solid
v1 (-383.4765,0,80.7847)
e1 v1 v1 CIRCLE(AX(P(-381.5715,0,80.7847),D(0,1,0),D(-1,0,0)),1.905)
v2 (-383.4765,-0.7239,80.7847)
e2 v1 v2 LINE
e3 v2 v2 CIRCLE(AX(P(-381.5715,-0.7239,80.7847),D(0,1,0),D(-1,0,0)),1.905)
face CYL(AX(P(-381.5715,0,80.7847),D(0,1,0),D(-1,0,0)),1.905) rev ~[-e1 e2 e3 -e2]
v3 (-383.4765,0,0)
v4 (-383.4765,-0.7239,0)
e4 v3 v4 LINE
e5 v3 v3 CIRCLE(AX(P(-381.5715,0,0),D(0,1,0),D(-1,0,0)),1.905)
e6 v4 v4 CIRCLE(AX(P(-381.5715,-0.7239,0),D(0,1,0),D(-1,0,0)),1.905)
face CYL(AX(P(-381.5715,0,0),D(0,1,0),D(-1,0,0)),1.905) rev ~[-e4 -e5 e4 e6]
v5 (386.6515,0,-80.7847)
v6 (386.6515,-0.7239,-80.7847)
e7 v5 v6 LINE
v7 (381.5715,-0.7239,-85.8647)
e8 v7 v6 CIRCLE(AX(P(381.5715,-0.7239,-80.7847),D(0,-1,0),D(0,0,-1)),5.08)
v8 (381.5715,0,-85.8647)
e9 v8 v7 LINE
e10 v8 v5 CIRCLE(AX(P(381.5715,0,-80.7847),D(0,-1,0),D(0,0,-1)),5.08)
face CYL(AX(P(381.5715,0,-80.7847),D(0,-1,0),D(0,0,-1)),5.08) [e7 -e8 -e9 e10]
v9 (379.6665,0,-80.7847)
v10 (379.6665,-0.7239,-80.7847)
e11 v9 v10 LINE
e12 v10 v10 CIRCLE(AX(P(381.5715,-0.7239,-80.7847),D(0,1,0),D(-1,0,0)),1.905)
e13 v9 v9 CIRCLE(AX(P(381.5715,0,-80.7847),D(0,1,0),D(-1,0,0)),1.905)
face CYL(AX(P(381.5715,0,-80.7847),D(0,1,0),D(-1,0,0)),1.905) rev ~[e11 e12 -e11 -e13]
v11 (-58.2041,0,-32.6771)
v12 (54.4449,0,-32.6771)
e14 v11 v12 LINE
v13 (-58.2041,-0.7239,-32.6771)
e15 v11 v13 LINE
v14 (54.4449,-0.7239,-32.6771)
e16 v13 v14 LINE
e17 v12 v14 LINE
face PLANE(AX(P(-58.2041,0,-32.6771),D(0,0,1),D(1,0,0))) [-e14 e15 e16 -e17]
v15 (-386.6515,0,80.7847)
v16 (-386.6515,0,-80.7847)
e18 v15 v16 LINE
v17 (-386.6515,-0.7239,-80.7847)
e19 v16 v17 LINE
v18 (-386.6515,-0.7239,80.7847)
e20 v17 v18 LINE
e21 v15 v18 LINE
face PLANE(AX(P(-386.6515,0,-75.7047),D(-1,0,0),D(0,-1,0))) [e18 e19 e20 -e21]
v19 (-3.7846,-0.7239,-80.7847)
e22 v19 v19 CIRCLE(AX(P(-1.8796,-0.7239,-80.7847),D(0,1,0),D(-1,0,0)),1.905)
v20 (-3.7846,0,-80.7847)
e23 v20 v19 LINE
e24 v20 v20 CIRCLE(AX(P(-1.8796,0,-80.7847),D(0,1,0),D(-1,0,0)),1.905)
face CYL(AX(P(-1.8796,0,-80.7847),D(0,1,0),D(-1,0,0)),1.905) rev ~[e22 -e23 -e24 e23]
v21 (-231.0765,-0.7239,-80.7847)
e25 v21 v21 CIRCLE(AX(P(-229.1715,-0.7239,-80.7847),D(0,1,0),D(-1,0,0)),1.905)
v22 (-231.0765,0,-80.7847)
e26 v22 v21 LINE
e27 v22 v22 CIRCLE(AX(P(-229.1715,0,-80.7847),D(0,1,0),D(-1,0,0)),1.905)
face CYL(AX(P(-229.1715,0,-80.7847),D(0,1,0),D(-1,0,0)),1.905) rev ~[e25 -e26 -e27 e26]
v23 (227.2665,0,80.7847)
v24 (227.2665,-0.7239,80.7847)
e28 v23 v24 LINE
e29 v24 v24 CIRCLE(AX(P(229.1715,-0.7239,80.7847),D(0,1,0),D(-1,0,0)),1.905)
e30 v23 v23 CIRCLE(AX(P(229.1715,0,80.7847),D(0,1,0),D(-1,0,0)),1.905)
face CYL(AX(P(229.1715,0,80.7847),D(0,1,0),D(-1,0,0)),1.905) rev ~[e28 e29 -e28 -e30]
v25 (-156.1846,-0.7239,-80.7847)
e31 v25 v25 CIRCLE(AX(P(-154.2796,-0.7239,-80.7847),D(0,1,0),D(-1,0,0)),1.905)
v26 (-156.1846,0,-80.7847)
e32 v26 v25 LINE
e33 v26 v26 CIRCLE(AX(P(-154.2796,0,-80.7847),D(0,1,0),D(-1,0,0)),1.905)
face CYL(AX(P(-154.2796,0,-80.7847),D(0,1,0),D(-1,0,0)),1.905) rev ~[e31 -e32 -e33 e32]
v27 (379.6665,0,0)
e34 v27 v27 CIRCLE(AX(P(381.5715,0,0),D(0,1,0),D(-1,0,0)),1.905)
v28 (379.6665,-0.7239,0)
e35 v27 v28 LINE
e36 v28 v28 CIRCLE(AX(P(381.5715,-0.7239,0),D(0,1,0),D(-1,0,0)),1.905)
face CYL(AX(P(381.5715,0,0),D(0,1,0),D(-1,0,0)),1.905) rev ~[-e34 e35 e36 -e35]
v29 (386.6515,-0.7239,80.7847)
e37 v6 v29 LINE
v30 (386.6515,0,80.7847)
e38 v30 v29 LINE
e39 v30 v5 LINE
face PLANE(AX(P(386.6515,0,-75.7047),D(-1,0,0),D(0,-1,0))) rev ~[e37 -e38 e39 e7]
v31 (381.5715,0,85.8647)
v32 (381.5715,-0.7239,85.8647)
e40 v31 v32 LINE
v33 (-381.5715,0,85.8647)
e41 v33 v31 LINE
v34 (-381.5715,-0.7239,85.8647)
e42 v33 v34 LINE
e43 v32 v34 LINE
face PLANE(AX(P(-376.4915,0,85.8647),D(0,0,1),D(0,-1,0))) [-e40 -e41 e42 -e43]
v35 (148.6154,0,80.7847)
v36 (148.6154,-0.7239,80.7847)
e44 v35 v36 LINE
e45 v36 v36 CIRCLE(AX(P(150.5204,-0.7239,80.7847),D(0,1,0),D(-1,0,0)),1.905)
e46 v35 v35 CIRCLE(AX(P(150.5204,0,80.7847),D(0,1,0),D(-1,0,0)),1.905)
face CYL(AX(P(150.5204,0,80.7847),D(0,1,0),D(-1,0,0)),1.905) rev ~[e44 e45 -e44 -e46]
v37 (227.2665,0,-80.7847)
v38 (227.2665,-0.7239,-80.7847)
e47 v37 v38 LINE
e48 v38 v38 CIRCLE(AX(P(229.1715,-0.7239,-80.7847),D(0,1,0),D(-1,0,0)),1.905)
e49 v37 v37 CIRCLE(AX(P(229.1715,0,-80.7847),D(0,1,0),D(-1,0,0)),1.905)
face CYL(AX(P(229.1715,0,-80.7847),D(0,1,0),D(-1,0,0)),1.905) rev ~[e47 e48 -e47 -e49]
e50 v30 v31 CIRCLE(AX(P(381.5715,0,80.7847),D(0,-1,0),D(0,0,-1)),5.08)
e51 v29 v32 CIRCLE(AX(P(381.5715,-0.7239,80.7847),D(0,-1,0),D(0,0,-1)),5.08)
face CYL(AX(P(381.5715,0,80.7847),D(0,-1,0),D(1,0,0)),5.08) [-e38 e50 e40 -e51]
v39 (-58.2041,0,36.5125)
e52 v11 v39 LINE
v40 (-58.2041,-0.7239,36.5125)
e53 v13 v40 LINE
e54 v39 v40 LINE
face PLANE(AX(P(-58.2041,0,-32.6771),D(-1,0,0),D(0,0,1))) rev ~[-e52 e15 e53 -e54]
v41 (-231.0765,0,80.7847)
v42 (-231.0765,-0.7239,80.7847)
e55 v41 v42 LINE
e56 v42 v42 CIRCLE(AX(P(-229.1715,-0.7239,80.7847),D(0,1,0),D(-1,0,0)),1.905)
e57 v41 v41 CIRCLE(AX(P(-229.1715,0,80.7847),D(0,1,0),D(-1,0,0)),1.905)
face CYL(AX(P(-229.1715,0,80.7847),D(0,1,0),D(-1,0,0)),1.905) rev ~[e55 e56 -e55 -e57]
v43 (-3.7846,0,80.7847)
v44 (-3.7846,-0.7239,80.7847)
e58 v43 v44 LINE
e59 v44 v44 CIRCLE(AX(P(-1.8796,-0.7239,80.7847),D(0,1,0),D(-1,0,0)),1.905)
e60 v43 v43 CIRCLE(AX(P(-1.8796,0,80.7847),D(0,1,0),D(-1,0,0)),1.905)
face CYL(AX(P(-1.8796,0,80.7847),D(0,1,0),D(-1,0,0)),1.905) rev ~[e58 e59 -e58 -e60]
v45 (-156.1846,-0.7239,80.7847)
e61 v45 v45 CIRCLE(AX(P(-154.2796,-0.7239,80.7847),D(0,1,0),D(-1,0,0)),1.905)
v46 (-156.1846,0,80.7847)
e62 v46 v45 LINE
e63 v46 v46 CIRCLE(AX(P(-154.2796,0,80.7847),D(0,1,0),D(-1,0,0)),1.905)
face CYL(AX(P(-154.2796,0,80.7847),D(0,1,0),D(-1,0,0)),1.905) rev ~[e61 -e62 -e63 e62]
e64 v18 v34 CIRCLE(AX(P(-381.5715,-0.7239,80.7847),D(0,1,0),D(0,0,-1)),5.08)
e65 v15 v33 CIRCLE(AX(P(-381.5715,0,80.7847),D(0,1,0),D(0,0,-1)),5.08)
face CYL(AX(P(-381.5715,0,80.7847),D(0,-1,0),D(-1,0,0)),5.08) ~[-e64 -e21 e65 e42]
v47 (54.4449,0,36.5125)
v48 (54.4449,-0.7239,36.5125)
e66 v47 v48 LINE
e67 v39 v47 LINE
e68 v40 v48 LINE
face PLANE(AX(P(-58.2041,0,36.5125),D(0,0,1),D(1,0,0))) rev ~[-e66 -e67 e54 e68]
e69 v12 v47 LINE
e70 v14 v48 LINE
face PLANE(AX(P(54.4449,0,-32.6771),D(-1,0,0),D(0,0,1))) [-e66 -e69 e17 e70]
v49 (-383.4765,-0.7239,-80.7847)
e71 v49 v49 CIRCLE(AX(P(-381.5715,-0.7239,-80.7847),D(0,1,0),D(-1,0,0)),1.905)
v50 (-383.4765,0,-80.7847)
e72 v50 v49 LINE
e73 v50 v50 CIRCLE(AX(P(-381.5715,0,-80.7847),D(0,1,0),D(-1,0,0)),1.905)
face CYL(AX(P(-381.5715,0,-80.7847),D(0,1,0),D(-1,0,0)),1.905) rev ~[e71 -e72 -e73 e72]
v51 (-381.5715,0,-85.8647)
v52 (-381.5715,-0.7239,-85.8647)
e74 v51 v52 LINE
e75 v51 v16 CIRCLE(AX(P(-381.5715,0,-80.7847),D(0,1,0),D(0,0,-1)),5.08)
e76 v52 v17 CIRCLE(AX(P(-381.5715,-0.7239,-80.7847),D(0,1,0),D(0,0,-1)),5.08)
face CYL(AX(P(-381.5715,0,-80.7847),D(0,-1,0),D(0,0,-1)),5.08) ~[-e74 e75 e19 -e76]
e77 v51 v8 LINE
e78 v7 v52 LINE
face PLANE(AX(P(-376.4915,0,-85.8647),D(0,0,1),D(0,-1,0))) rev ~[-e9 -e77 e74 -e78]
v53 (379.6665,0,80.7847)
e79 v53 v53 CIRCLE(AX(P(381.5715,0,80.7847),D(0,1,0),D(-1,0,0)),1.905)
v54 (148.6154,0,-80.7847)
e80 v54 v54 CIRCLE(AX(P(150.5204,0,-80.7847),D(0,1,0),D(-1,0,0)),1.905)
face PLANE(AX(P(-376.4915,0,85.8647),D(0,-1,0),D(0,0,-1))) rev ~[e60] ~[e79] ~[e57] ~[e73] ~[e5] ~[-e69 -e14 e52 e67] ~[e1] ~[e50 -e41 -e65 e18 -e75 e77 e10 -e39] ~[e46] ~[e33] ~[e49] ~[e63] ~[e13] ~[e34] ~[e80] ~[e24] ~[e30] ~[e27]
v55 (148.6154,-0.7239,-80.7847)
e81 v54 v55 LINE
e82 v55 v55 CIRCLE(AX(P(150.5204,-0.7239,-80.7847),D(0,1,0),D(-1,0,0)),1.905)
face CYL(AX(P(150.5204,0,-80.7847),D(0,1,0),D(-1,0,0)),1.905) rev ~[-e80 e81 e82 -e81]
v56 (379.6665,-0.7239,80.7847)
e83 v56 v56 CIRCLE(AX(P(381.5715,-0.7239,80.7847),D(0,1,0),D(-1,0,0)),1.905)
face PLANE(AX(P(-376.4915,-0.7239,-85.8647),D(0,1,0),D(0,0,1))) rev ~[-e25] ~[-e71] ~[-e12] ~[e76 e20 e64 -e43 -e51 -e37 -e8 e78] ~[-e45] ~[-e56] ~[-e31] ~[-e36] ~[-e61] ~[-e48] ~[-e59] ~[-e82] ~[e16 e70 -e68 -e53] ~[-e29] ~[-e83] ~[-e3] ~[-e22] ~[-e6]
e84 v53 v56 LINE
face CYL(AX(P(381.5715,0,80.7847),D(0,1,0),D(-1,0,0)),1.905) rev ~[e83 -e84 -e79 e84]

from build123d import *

# Parameters (mm, degrees)
F0_W     = 752.983
F0_H     = 151.4094
F0_W_2   = 112.649
F0_H_2   = 69.1896
F1_DEPTH = 0.7239
F2_DEPTH = 10.16
F3_DEPTH = 10.16
F4_DEPTH = 10.16
F5_DEPTH = 10.16
F6_R     = 1.905
F7_DEPTH = 0.7249
F8_R     = 5.08


with BuildPart() as f1:
    # F0 (on Front) → F1 (new body)
    with BuildSketch(Plane.XZ):
        Rectangle(F0_W, F0_H)
        with Locations((-1.8796, 1.9177)):
            Rectangle(F0_W_2, F0_H_2, mode=Mode.SUBTRACT)
    extrude(amount=F1_DEPTH)

    # F2 (add): a face of the model
    f2_faces = [f1.faces().sort_by_distance(p)[0] for p in [
        (0, -0.36195, 75.7047),
    ]]
    extrude(f2_faces, amount=F2_DEPTH)

    # F3 (add): a face of the model
    f3_faces = [f1.faces().sort_by_distance(p)[0] for p in [
        (0, -0.36195, -75.7047),
    ]]
    extrude(f3_faces, amount=F3_DEPTH)

    # F4 (add): a face of the model
    f4_faces = [f1.faces().sort_by_distance(p)[0] for p in [
        (376.4915, -0.36195, 0),
    ]]
    extrude(f4_faces, amount=F4_DEPTH)

    # F5 (add): a face of the model
    f5_faces = [f1.faces().sort_by_distance(p)[0] for p in [
        (-376.4915, -0.36195, 0),
    ]]
    extrude(f5_faces, amount=F5_DEPTH)

    # F6 (on face) → F7 (cut, through all)
    with BuildSketch(Plane(origin=(0, 0, 0), x_dir=(-1, 0, 0), z_dir=(0, 1, 0))):
        with Locations((-381.5715, 80.7847)):
            Circle(F6_R)
        with Locations((1.8796, 80.7847)):
            Circle(F6_R)
        with Locations((381.5715, 80.7847)):
            Circle(F6_R)
        with Locations((-381.5715, -80.7847)):
            Circle(F6_R)
        with Locations((1.8796, -80.7847)):
            Circle(F6_R)
        with Locations((381.5715, -80.7847)):
            Circle(F6_R)
        with Locations((154.2796, 80.7847)):
            Circle(F6_R)
        with Locations((229.1715, 80.7847)):
            Circle(F6_R)
        with Locations((-150.5204, 80.7847)):
            Circle(F6_R)
        with Locations((-229.1715, 80.7847)):
            Circle(F6_R)
        with Locations((-381.5715, 0)):
            Circle(F6_R)
        with Locations((381.5715, 0)):
            Circle(F6_R)
        with Locations((-229.1715, -80.7847)):
            Circle(F6_R)
        with Locations((-150.5204, -80.7847)):
            Circle(F6_R)
        with Locations((154.2796, -80.7847)):
            Circle(F6_R)
        with Locations((229.1715, -80.7847)):
            Circle(F6_R)
    extrude(amount=-F7_DEPTH, mode=Mode.SUBTRACT)

    # F8
    f8_edges = [f1.edges().sort_by_distance(p)[0] for p in [
        (386.6515, -0.36195, 85.8647),
        (386.6515, -0.36195, -85.8647),
        (-386.6515, -0.36195, -85.8647),
        (-386.6515, -0.36195, 85.8647),
    ]]
    fillet(f8_edges, radius=F8_R)


solid = f1.part
